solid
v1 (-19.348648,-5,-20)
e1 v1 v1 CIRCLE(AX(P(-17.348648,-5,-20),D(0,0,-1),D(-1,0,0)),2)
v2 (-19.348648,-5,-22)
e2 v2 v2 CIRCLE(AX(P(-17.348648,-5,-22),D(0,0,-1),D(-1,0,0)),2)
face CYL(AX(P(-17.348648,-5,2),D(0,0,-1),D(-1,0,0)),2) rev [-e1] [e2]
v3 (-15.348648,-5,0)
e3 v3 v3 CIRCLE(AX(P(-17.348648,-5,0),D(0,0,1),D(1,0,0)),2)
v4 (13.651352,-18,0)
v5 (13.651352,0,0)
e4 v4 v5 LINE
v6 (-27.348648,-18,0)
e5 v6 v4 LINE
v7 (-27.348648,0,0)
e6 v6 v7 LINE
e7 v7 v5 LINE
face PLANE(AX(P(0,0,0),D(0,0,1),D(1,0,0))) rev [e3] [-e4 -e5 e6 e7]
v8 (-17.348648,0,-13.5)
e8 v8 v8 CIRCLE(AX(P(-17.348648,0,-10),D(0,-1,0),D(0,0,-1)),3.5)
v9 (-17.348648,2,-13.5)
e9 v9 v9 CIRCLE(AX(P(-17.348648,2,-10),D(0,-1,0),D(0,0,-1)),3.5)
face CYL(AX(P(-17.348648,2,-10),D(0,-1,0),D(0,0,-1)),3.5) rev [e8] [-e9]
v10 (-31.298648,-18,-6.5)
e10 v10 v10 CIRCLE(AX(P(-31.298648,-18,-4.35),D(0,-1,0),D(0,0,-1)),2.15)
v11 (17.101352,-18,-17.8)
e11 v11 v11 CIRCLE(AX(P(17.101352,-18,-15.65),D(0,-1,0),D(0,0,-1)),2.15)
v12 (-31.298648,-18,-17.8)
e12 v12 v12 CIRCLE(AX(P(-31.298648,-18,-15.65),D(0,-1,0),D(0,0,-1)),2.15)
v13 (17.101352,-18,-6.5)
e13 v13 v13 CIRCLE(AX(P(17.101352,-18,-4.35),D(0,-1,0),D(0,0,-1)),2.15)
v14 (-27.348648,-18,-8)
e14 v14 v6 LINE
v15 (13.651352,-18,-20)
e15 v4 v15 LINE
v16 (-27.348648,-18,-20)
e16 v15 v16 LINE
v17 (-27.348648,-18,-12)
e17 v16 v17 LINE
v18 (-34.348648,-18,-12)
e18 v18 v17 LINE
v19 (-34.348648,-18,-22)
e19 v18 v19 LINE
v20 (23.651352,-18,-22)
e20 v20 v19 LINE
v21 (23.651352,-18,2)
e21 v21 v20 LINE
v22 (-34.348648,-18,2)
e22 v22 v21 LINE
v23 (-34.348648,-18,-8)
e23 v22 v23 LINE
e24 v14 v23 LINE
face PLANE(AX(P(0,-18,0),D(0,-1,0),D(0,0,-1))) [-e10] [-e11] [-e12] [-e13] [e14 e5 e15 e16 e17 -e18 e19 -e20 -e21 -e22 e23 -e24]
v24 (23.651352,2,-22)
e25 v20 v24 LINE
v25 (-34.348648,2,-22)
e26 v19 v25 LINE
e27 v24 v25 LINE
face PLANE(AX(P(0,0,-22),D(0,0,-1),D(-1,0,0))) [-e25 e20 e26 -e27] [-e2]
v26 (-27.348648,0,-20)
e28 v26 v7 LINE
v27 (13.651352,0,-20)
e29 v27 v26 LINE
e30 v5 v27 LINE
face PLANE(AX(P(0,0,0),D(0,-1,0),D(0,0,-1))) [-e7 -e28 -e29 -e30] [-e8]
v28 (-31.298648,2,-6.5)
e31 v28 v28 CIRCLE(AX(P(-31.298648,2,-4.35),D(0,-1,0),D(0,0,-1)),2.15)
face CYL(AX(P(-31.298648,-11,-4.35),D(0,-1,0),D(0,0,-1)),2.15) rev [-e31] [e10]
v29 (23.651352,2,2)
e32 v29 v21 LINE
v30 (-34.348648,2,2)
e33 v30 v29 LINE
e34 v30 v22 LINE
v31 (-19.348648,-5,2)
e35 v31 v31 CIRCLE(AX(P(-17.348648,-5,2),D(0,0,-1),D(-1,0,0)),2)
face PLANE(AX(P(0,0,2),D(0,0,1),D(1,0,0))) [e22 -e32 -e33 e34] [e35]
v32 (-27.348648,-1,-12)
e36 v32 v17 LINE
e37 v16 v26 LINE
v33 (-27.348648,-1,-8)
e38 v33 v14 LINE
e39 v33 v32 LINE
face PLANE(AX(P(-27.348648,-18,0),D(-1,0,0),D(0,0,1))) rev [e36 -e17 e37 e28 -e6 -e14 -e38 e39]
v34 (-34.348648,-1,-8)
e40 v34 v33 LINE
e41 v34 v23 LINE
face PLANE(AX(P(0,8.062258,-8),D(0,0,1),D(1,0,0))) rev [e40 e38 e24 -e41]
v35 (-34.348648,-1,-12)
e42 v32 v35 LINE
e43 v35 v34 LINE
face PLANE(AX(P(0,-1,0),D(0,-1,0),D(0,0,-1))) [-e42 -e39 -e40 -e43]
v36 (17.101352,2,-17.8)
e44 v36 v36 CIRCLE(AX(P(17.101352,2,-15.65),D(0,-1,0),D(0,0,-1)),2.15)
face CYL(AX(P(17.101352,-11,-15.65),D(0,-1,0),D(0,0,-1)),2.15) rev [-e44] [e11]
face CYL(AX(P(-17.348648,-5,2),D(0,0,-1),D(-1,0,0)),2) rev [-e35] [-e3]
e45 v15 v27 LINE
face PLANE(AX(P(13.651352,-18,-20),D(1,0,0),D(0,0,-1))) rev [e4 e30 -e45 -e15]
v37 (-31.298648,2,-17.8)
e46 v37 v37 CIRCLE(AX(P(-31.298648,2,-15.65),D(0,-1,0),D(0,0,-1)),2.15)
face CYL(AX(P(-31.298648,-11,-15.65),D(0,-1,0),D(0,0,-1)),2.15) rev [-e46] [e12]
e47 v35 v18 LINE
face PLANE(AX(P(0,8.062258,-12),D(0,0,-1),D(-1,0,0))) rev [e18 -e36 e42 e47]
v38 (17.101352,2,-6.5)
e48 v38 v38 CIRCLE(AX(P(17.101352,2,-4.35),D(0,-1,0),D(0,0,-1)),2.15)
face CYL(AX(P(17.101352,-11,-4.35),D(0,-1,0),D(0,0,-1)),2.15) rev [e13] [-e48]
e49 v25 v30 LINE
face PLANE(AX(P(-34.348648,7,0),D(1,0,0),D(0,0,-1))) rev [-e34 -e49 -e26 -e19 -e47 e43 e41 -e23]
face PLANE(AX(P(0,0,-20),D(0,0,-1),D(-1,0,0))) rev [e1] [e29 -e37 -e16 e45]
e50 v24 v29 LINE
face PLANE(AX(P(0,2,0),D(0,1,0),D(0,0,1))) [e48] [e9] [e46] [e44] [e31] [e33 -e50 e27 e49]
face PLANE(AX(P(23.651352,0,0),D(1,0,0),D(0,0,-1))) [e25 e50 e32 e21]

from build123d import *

# Parameters (mm, degrees)
SKETCH1_W                = 55
SKETCH1_H                = 20
BOSS_EXTRUDE1_DEPTH      = 7
SKETCH4_R                = 2.5
CUT_EXTRUDE3_DEPTH       = 1
SKETCH5_R                = 1.5
CUT_EXTRUDE4_DEPTH       = 41.197383539
SKETCH6_W                = 7
SKETCH6_H                = 20
BOSS_EXTRUDE2_DEPTH      = 18
SKETCH7_R                = 2.15
CUT_EXTRUDE5_DEPTH       = 7
SKETCH11_R               = 2.15
CUT_EXTRUDE6_DEPTH       = 7
SKETCH12_W               = 55
SKETCH12_H               = 25
BOSS_EXTRUDE3_DEPTH      = 2
SKETCH13_W               = 55
SKETCH13_H               = 25
BOSS_EXTRUDE4_DEPTH      = 2
SKETCH15_W               = 24
SKETCH15_H               = 25
BOSS_EXTRUDE5_DEPTH      = 10
SKETCH29_W               = 65
SKETCH29_H               = 24
CUT_EXTRUDE20_DEPTH      = 5
CUT_EXTRUDE21_DEPTH      = 45.585083194
CUT_EXTRUDE21_DEPTH_BACK = 45.585083194
SKETCH30_R               = 2
SKETCH31_R               = 3.5
CUT_EXTRUDE22_DEPTH      = 45.585083194
SKETCH32_W               = 24
SKETCH32_H               = 20
CUT_EXTRUDE23_DEPTH      = 7
SKETCH33_R               = 2.15
CUT_EXTRUDE24_DEPTH      = 43.811559694
SKETCH35_W               = 7
SKETCH35_H               = 2
CUT_EXTRUDE26_DEPTH      = 17


with BuildPart() as part:
    # Sketch1 → Boss-Extrude1 (new body)
    with BuildSketch(Plane(origin=(0, 0, 0), x_dir=(1, 0, 0), z_dir=(0, 1, 0))):
        with Locations((-6.848648349, 10)):
            Rectangle(SKETCH1_W, SKETCH1_H)
    extrude(amount=BOSS_EXTRUDE1_DEPTH)

    # Sketch4 → Cut-Extrude3 (cut)
    with BuildSketch(Plane(origin=(0, 7, 0), x_dir=(1, 0, 0), z_dir=(0, 1, 0))):
        with Locations(Location((-17.348648349, 10, 0), (0, 0, 270))):
            Circle(SKETCH4_R)
    extrude(amount=-CUT_EXTRUDE3_DEPTH, mode=Mode.SUBTRACT)

    # Sketch5 → Cut-Extrude4 (cut, through all)
    with BuildSketch(Plane(origin=(0, 6, 0), x_dir=(1, 0, 0), z_dir=(0, 1, 0))):
        with Locations(Location((-17.348648349, 10, 0), (0, 0, 270))):
            Circle(SKETCH5_R)
    extrude(amount=-CUT_EXTRUDE4_DEPTH, mode=Mode.SUBTRACT)

    # Sketch6 → Boss-Extrude2 (add)
    with BuildSketch(Plane(origin=(0, 0, 0), x_dir=(-1, 0, 0), z_dir=(0, -1, 0))):
        with Locations((30.848648349, 10)):
            Rectangle(SKETCH6_W, SKETCH6_H)
        with Locations((-17.151351651, 10)):
            Rectangle(SKETCH6_W, SKETCH6_H)
    extrude(amount=BOSS_EXTRUDE2_DEPTH)

    # Sketch7 → Cut-Extrude5 (cut)
    with BuildSketch(Plane(origin=(0, -18, 0), x_dir=(-1, 0, 0), z_dir=(0, -1, 0))):
        with Locations(Location((31.298648349, 15.65, 0), (0, 0, 90))):
            Circle(SKETCH7_R)
        with Locations(Location((31.298648349, 4.35, 0), (0, 0, 90))):
            Circle(SKETCH7_R)
    extrude(amount=-CUT_EXTRUDE5_DEPTH, mode=Mode.SUBTRACT)

    # Sketch11 → Cut-Extrude6 (cut)
    with BuildSketch(Plane(origin=(0, -18, 0), x_dir=(-1, 0, 0), z_dir=(0, -1, 0))):
        with Locations(Location((-17.101351651, 15.65, 0), (0, 0, 90))):
            Circle(SKETCH11_R)
        with Locations(Location((-17.101351651, 4.35, 0), (0, 0, 90))):
            Circle(SKETCH11_R)
    extrude(amount=-CUT_EXTRUDE6_DEPTH, mode=Mode.SUBTRACT)

    # Sketch12 → Boss-Extrude3 (add)
    with BuildSketch(Plane.XY):
        with Locations((-6.848648349, -5.5)):
            Rectangle(SKETCH12_W, SKETCH12_H)
    extrude(amount=BOSS_EXTRUDE3_DEPTH)

    # Sketch13 → Boss-Extrude4 (add)
    with BuildSketch(Plane(origin=(0, 0, -20), x_dir=(-1, 0, 0), z_dir=(0, 0, -1))):
        with Locations((6.848648349, -5.5)):
            Rectangle(SKETCH13_W, SKETCH13_H)
    extrude(amount=BOSS_EXTRUDE4_DEPTH)

    # Sketch15 → Boss-Extrude5 (add)
    with BuildSketch(Plane(origin=(20.651351651, 0, 0), x_dir=(0, 0, -1), z_dir=(1, 0, 0))):
        with Locations((10, -5.5)):
            Rectangle(SKETCH15_W, SKETCH15_H)
    extrude(amount=BOSS_EXTRUDE5_DEPTH)

    # Sketch29 → Cut-Extrude20 (cut)
    with BuildSketch(Plane(origin=(0, 7, 0), x_dir=(1, 0, 0), z_dir=(0, 1, 0))):
        with Locations((-1.848648349, 10)):
            Rectangle(SKETCH29_W, SKETCH29_H)
    extrude(amount=-CUT_EXTRUDE20_DEPTH, mode=Mode.SUBTRACT)

    # Sketch30 → Cut-Extrude21 (cut, two sides: drawn at the far end of the back side and taken through both)
    with BuildSketch(Plane(origin=(0, 0, 0), x_dir=(-1, 0, 0), z_dir=(0, 0, -1)).offset(-CUT_EXTRUDE21_DEPTH_BACK)):
        with Locations((17.348648349, -5)):
            Circle(SKETCH30_R)
    extrude(amount=CUT_EXTRUDE21_DEPTH + CUT_EXTRUDE21_DEPTH_BACK, mode=Mode.SUBTRACT)

    # Sketch31 → Cut-Extrude22 (cut, through all)
    with BuildSketch(Plane.XZ):
        with Locations(Location((-17.348648349, -10, 0), (0, 0, 270))):
            Circle(SKETCH31_R)
    extrude(amount=-CUT_EXTRUDE22_DEPTH, mode=Mode.SUBTRACT)

    # Sketch32 → Cut-Extrude23 (cut)
    with BuildSketch(Plane(origin=(30.651351651, 0, 0), x_dir=(0, 0, -1), z_dir=(1, 0, 0))):
        with Locations((10, -8)):
            Rectangle(SKETCH32_W, SKETCH32_H)
    extrude(amount=-CUT_EXTRUDE23_DEPTH, mode=Mode.SUBTRACT)

    # Sketch33 → Cut-Extrude24 (cut, through all)
    with BuildSketch(Plane.XZ.offset(11)):
        with Locations(Location((17.101351651, -15.65, 0), (0, 0, 270))):
            Circle(SKETCH33_R)
        with Locations(Location((17.101351651, -4.35, 0), (0, 0, 270))):
            Circle(SKETCH33_R)
        with Locations(Location((-31.298648349, -15.65, 0), (0, 0, 270))):
            Circle(SKETCH33_R)
        with Locations(Location((-31.298648349, -4.35, 0), (0, 0, 270))):
            Circle(SKETCH33_R)
    extrude(amount=-CUT_EXTRUDE24_DEPTH, mode=Mode.SUBTRACT)

    # Sketch35 → Cut-Extrude26 (cut)
    with BuildSketch(Plane.XZ.offset(18)):
        with Locations((-30.848648349, -9)):
            Rectangle(SKETCH35_W, SKETCH35_H)
        with Locations((-30.848648349, -11)):
            Rectangle(SKETCH35_W, SKETCH35_H)
    extrude(amount=-CUT_EXTRUDE26_DEPTH, mode=Mode.SUBTRACT)


solid = part.part
